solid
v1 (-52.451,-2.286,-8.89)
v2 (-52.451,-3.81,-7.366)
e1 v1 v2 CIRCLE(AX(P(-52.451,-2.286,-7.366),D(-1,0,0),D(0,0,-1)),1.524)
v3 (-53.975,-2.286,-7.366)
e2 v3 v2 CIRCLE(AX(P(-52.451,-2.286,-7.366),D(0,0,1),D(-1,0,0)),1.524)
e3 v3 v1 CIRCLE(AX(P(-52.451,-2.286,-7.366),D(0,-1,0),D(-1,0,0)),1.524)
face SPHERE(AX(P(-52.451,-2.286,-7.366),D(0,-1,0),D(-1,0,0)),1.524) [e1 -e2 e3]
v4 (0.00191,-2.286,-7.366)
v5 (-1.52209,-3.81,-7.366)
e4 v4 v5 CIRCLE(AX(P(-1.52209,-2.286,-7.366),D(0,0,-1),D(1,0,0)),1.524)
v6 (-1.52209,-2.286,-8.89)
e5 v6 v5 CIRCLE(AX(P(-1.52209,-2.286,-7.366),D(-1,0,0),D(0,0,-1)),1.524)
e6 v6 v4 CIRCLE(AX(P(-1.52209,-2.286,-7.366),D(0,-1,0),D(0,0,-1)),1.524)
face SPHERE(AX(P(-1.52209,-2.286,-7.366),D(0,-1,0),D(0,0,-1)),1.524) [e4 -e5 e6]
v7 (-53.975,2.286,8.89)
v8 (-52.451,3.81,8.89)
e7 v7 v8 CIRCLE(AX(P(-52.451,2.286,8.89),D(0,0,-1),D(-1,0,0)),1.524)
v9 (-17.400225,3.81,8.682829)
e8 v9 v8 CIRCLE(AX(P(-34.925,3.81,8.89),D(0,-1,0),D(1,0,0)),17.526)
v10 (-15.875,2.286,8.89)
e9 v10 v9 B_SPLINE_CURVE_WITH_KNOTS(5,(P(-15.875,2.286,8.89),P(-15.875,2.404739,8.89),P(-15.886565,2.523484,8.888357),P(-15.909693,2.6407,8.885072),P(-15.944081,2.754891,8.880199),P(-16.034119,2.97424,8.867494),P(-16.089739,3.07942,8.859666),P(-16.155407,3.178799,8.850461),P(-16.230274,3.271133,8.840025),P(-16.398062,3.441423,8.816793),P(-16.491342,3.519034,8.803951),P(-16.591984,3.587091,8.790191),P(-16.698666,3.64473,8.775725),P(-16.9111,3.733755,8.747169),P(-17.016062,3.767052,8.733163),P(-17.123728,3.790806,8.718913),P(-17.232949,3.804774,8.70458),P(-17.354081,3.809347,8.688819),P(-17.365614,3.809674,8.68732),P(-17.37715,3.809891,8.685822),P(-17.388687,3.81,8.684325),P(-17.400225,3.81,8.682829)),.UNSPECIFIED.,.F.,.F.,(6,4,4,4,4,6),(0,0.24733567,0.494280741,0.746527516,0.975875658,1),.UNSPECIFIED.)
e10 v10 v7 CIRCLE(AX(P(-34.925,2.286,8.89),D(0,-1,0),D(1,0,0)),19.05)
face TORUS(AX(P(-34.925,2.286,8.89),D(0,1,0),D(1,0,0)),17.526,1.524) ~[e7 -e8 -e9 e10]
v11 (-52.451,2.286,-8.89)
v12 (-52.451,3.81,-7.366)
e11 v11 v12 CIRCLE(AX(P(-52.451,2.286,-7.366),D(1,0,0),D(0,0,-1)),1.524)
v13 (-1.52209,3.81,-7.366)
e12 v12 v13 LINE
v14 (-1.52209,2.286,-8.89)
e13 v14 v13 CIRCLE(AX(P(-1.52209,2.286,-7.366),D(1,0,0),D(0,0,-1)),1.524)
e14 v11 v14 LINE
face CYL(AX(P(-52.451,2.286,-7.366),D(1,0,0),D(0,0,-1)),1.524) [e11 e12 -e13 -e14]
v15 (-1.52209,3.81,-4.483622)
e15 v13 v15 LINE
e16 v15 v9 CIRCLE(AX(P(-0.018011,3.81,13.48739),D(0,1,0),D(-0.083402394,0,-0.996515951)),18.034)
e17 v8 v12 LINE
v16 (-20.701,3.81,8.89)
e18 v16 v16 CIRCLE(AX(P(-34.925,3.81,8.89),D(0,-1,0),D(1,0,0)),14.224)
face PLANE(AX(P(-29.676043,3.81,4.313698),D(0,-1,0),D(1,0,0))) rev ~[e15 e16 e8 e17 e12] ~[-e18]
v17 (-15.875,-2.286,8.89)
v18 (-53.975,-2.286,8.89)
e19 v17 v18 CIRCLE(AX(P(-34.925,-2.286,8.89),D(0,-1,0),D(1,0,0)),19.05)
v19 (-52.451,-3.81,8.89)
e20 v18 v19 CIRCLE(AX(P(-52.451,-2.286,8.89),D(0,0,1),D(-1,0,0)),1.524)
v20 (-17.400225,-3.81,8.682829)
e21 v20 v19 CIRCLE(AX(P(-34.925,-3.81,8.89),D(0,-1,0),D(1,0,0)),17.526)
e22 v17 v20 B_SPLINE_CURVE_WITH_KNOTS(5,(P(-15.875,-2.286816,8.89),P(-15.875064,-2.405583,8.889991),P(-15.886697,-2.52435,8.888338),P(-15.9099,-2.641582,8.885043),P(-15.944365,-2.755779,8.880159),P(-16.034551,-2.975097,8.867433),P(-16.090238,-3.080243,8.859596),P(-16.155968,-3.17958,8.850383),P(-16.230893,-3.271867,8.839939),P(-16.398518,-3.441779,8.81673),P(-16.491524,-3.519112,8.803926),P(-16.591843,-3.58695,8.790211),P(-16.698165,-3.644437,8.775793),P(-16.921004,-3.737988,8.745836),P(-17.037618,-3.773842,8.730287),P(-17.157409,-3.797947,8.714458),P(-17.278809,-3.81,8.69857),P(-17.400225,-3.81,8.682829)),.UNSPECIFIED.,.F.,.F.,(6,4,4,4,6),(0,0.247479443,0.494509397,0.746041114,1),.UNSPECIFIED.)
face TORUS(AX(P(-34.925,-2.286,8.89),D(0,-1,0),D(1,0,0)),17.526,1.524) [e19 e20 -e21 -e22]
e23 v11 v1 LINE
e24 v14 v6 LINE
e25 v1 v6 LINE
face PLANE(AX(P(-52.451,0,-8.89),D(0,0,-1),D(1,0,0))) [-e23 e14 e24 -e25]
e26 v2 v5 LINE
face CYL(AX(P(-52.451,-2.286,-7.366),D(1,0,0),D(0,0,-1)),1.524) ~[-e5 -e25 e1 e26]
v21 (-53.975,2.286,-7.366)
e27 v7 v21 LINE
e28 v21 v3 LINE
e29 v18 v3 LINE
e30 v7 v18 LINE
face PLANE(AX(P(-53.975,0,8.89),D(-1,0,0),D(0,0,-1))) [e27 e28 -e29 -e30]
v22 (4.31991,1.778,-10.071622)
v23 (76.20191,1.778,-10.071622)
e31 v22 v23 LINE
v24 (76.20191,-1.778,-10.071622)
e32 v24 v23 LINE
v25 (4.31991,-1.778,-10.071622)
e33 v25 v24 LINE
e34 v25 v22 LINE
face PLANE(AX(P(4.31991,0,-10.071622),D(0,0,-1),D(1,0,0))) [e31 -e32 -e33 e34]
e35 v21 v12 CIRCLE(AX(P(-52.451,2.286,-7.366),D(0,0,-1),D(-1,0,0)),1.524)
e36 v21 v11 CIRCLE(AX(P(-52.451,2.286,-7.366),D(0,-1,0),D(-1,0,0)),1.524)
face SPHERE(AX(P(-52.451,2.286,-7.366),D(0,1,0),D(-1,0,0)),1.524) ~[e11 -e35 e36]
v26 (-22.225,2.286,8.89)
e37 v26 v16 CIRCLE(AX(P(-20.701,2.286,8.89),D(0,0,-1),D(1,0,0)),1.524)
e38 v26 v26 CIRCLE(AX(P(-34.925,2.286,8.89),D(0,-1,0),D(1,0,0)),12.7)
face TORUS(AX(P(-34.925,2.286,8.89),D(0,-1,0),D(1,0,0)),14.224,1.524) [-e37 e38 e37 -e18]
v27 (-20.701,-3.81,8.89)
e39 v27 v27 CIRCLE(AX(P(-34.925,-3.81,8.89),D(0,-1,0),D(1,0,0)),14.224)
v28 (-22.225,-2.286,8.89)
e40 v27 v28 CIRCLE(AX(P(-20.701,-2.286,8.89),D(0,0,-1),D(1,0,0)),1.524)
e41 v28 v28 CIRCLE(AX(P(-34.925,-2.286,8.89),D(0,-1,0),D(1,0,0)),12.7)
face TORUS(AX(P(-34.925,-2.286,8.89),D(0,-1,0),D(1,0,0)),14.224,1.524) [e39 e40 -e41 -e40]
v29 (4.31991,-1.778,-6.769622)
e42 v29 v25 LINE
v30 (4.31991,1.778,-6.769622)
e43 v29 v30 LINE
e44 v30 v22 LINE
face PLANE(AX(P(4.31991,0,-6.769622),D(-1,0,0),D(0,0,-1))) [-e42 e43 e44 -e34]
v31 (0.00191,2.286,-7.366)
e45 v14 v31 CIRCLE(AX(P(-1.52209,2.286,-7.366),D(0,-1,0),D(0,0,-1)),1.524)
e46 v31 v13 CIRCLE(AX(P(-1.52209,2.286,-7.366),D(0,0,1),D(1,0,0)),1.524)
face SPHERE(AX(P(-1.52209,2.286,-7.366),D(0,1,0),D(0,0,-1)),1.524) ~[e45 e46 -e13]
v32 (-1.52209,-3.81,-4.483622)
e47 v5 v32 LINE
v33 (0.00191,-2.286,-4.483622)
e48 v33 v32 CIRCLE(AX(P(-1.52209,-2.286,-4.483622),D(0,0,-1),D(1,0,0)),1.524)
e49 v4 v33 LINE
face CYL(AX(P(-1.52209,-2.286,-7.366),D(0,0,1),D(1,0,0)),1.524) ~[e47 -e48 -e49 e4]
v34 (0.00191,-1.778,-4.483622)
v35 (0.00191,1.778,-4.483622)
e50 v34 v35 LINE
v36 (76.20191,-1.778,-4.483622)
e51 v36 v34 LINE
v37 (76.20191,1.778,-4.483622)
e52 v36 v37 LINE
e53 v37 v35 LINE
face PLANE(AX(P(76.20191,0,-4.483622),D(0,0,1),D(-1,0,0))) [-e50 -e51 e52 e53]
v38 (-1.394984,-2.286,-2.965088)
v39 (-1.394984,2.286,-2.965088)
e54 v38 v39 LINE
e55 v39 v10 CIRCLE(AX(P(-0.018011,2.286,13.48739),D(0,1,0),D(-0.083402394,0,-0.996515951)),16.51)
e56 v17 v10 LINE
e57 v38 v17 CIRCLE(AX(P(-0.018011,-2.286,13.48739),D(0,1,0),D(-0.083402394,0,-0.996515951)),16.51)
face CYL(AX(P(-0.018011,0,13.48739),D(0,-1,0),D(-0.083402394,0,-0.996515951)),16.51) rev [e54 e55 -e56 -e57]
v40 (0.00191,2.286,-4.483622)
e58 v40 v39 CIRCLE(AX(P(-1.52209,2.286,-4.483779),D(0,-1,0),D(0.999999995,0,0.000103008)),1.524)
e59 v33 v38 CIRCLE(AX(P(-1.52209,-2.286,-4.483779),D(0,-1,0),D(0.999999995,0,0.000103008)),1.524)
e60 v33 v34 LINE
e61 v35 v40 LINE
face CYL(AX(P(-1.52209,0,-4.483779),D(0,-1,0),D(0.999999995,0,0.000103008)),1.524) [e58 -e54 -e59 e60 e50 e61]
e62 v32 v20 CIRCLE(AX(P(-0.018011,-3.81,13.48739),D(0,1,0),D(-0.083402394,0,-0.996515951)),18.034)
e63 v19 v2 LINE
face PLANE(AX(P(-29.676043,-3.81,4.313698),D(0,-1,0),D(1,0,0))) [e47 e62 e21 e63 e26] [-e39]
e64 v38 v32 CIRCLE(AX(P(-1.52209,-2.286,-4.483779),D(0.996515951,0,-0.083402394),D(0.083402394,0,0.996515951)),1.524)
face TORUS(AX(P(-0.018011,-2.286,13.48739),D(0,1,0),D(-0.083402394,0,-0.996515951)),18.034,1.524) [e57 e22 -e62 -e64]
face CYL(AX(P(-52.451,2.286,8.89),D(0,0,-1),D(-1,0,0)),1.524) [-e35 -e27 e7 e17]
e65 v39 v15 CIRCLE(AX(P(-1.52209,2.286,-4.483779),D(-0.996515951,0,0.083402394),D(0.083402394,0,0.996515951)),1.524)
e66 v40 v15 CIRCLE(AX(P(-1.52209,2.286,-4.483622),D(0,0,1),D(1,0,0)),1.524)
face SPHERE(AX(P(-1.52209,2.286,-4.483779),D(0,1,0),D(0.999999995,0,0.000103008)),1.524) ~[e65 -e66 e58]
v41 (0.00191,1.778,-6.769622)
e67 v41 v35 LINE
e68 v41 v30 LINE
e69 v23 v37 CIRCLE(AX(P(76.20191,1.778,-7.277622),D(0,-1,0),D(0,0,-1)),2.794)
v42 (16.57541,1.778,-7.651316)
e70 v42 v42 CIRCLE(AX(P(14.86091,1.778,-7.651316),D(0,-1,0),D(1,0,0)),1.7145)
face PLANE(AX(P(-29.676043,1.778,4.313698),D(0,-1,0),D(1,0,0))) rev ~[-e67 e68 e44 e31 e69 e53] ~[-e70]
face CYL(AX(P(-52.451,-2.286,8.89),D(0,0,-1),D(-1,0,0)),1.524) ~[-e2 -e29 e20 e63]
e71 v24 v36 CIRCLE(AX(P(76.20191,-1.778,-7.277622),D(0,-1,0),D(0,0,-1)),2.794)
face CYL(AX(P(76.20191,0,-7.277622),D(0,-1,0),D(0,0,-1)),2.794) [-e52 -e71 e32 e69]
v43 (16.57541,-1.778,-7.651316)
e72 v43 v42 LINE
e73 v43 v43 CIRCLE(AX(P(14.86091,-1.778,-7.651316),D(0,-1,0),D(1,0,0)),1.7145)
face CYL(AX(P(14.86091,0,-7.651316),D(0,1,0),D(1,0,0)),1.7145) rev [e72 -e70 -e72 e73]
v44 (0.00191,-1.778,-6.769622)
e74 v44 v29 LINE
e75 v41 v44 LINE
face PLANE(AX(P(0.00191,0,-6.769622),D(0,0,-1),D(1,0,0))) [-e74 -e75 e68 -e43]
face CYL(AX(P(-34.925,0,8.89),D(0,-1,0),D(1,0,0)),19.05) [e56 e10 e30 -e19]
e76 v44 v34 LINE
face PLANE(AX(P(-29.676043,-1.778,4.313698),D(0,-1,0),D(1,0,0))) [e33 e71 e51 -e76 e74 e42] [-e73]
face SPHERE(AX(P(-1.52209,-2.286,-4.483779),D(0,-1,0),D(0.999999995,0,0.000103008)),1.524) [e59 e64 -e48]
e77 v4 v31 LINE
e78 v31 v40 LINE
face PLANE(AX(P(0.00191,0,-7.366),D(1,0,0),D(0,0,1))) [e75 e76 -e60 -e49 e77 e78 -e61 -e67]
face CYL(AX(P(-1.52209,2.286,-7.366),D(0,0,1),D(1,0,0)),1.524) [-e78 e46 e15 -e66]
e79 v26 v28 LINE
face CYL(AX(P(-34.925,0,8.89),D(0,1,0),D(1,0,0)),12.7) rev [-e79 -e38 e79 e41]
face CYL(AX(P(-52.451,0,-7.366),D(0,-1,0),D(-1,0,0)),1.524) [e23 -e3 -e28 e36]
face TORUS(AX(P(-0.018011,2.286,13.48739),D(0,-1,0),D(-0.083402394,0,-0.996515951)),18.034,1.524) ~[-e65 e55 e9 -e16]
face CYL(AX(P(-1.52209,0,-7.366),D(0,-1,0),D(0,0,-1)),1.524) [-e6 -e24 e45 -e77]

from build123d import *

# Parameters (mm, degrees)
F0_R     = 12.7
F0_R_2   = 1.7145
F1_DEPTH = 1.778
F2_DEPTH = 3.81
F3_R     = 1.524


with BuildPart() as f1:
    # F0 (on Front) → F1 (new body, symmetric)
    with BuildSketch(Plane.XZ):
        with BuildLine():
            ThreePointArc((-15.875, 8.889999828), (-34.925, 27.939999828), (-53.975, 8.889999828))
            Line((-53.975, 8.889999828), (-53.975, -7.366000172))
            ThreePointArc((-53.975, -7.366000172), (-53.5286307345, -8.4436309065), (-52.451, -8.890000172))
            Line((-52.451, -8.890000172), (-1.5220896796, -8.890000172))
            ThreePointArc((-1.5220896796, -8.890000172), (-0.4444589451, -8.4436309065), (0.0019103204, -7.366000172))
            Line((0.0019103204, -7.366000172), (0.0019103204, -6.7696216721))
            Line((0.0019103204, -6.7696216721), (0.0019103204, -4.4836216721))
            ThreePointArc((0.0019103204, -4.4836216721), (-0.4004734297, -3.4520068765), (-1.3949844225, -2.9650883473))
            ThreePointArc((-1.3949844225, -2.9650883473), (-10.4768897023, 0.7127293809), (-15.875, 8.889999828))
        make_face()
        with Locations((-34.925, 8.889999828)):
            Circle(F0_R, mode=Mode.SUBTRACT)
        with BuildLine():
            Line((76.2019103204, -4.4836216721), (0.0019103204, -4.4836216721))
            Line((0.0019103204, -4.4836216721), (0.0019103204, -6.7696216721))
            Line((0.0019103204, -6.7696216721), (4.3199103204, -6.7696216721))
            Line((4.3199103204, -6.7696216721), (4.3199103204, -10.0716216721))
            Line((4.3199103204, -10.0716216721), (76.2019103204, -10.0716216721))
            ThreePointArc((76.2019103204, -10.0716216721), (78.9959103204, -7.2776216721), (76.2019103204, -4.4836216721))
        make_face()
        with Locations((14.8609103204, -7.6513164506)):
            Circle(F0_R_2, mode=Mode.SUBTRACT)
    extrude(amount=F1_DEPTH, both=True)

    # F0 (on Front) → F2 (join, symmetric)
    with BuildSketch(Plane.XZ):
        with BuildLine():
            ThreePointArc((-15.875, 8.889999828), (-34.925, 27.939999828), (-53.975, 8.889999828))
            Line((-53.975, 8.889999828), (-53.975, -7.366000172))
            ThreePointArc((-53.975, -7.366000172), (-53.5286307345, -8.4436309065), (-52.451, -8.890000172))
            Line((-52.451, -8.890000172), (-1.5220896796, -8.890000172))
            ThreePointArc((-1.5220896796, -8.890000172), (-0.4444589451, -8.4436309065), (0.0019103204, -7.366000172))
            Line((0.0019103204, -7.366000172), (0.0019103204, -6.7696216721))
            Line((0.0019103204, -6.7696216721), (0.0019103204, -4.4836216721))
            ThreePointArc((0.0019103204, -4.4836216721), (-0.4004734297, -3.4520068765), (-1.3949844225, -2.9650883473))
            ThreePointArc((-1.3949844225, -2.9650883473), (-10.4768897023, 0.7127293809), (-15.875, 8.889999828))
        make_face()
        with Locations((-34.925, 8.889999828)):
            Circle(F0_R, mode=Mode.SUBTRACT)
    extrude(amount=F2_DEPTH, both=True)

    # F3
    f3_edges = [f1.edges().sort_by_distance(p)[0] for p in [
        (-34.925, -3.81, 27.94),
        (-47.625, -3.81, 8.89),
        (-47.625, 3.81, 8.89),
        (-34.925, 3.81, 27.94),
    ]]
    fillet(f3_edges, radius=F3_R)


solid = f1.part
